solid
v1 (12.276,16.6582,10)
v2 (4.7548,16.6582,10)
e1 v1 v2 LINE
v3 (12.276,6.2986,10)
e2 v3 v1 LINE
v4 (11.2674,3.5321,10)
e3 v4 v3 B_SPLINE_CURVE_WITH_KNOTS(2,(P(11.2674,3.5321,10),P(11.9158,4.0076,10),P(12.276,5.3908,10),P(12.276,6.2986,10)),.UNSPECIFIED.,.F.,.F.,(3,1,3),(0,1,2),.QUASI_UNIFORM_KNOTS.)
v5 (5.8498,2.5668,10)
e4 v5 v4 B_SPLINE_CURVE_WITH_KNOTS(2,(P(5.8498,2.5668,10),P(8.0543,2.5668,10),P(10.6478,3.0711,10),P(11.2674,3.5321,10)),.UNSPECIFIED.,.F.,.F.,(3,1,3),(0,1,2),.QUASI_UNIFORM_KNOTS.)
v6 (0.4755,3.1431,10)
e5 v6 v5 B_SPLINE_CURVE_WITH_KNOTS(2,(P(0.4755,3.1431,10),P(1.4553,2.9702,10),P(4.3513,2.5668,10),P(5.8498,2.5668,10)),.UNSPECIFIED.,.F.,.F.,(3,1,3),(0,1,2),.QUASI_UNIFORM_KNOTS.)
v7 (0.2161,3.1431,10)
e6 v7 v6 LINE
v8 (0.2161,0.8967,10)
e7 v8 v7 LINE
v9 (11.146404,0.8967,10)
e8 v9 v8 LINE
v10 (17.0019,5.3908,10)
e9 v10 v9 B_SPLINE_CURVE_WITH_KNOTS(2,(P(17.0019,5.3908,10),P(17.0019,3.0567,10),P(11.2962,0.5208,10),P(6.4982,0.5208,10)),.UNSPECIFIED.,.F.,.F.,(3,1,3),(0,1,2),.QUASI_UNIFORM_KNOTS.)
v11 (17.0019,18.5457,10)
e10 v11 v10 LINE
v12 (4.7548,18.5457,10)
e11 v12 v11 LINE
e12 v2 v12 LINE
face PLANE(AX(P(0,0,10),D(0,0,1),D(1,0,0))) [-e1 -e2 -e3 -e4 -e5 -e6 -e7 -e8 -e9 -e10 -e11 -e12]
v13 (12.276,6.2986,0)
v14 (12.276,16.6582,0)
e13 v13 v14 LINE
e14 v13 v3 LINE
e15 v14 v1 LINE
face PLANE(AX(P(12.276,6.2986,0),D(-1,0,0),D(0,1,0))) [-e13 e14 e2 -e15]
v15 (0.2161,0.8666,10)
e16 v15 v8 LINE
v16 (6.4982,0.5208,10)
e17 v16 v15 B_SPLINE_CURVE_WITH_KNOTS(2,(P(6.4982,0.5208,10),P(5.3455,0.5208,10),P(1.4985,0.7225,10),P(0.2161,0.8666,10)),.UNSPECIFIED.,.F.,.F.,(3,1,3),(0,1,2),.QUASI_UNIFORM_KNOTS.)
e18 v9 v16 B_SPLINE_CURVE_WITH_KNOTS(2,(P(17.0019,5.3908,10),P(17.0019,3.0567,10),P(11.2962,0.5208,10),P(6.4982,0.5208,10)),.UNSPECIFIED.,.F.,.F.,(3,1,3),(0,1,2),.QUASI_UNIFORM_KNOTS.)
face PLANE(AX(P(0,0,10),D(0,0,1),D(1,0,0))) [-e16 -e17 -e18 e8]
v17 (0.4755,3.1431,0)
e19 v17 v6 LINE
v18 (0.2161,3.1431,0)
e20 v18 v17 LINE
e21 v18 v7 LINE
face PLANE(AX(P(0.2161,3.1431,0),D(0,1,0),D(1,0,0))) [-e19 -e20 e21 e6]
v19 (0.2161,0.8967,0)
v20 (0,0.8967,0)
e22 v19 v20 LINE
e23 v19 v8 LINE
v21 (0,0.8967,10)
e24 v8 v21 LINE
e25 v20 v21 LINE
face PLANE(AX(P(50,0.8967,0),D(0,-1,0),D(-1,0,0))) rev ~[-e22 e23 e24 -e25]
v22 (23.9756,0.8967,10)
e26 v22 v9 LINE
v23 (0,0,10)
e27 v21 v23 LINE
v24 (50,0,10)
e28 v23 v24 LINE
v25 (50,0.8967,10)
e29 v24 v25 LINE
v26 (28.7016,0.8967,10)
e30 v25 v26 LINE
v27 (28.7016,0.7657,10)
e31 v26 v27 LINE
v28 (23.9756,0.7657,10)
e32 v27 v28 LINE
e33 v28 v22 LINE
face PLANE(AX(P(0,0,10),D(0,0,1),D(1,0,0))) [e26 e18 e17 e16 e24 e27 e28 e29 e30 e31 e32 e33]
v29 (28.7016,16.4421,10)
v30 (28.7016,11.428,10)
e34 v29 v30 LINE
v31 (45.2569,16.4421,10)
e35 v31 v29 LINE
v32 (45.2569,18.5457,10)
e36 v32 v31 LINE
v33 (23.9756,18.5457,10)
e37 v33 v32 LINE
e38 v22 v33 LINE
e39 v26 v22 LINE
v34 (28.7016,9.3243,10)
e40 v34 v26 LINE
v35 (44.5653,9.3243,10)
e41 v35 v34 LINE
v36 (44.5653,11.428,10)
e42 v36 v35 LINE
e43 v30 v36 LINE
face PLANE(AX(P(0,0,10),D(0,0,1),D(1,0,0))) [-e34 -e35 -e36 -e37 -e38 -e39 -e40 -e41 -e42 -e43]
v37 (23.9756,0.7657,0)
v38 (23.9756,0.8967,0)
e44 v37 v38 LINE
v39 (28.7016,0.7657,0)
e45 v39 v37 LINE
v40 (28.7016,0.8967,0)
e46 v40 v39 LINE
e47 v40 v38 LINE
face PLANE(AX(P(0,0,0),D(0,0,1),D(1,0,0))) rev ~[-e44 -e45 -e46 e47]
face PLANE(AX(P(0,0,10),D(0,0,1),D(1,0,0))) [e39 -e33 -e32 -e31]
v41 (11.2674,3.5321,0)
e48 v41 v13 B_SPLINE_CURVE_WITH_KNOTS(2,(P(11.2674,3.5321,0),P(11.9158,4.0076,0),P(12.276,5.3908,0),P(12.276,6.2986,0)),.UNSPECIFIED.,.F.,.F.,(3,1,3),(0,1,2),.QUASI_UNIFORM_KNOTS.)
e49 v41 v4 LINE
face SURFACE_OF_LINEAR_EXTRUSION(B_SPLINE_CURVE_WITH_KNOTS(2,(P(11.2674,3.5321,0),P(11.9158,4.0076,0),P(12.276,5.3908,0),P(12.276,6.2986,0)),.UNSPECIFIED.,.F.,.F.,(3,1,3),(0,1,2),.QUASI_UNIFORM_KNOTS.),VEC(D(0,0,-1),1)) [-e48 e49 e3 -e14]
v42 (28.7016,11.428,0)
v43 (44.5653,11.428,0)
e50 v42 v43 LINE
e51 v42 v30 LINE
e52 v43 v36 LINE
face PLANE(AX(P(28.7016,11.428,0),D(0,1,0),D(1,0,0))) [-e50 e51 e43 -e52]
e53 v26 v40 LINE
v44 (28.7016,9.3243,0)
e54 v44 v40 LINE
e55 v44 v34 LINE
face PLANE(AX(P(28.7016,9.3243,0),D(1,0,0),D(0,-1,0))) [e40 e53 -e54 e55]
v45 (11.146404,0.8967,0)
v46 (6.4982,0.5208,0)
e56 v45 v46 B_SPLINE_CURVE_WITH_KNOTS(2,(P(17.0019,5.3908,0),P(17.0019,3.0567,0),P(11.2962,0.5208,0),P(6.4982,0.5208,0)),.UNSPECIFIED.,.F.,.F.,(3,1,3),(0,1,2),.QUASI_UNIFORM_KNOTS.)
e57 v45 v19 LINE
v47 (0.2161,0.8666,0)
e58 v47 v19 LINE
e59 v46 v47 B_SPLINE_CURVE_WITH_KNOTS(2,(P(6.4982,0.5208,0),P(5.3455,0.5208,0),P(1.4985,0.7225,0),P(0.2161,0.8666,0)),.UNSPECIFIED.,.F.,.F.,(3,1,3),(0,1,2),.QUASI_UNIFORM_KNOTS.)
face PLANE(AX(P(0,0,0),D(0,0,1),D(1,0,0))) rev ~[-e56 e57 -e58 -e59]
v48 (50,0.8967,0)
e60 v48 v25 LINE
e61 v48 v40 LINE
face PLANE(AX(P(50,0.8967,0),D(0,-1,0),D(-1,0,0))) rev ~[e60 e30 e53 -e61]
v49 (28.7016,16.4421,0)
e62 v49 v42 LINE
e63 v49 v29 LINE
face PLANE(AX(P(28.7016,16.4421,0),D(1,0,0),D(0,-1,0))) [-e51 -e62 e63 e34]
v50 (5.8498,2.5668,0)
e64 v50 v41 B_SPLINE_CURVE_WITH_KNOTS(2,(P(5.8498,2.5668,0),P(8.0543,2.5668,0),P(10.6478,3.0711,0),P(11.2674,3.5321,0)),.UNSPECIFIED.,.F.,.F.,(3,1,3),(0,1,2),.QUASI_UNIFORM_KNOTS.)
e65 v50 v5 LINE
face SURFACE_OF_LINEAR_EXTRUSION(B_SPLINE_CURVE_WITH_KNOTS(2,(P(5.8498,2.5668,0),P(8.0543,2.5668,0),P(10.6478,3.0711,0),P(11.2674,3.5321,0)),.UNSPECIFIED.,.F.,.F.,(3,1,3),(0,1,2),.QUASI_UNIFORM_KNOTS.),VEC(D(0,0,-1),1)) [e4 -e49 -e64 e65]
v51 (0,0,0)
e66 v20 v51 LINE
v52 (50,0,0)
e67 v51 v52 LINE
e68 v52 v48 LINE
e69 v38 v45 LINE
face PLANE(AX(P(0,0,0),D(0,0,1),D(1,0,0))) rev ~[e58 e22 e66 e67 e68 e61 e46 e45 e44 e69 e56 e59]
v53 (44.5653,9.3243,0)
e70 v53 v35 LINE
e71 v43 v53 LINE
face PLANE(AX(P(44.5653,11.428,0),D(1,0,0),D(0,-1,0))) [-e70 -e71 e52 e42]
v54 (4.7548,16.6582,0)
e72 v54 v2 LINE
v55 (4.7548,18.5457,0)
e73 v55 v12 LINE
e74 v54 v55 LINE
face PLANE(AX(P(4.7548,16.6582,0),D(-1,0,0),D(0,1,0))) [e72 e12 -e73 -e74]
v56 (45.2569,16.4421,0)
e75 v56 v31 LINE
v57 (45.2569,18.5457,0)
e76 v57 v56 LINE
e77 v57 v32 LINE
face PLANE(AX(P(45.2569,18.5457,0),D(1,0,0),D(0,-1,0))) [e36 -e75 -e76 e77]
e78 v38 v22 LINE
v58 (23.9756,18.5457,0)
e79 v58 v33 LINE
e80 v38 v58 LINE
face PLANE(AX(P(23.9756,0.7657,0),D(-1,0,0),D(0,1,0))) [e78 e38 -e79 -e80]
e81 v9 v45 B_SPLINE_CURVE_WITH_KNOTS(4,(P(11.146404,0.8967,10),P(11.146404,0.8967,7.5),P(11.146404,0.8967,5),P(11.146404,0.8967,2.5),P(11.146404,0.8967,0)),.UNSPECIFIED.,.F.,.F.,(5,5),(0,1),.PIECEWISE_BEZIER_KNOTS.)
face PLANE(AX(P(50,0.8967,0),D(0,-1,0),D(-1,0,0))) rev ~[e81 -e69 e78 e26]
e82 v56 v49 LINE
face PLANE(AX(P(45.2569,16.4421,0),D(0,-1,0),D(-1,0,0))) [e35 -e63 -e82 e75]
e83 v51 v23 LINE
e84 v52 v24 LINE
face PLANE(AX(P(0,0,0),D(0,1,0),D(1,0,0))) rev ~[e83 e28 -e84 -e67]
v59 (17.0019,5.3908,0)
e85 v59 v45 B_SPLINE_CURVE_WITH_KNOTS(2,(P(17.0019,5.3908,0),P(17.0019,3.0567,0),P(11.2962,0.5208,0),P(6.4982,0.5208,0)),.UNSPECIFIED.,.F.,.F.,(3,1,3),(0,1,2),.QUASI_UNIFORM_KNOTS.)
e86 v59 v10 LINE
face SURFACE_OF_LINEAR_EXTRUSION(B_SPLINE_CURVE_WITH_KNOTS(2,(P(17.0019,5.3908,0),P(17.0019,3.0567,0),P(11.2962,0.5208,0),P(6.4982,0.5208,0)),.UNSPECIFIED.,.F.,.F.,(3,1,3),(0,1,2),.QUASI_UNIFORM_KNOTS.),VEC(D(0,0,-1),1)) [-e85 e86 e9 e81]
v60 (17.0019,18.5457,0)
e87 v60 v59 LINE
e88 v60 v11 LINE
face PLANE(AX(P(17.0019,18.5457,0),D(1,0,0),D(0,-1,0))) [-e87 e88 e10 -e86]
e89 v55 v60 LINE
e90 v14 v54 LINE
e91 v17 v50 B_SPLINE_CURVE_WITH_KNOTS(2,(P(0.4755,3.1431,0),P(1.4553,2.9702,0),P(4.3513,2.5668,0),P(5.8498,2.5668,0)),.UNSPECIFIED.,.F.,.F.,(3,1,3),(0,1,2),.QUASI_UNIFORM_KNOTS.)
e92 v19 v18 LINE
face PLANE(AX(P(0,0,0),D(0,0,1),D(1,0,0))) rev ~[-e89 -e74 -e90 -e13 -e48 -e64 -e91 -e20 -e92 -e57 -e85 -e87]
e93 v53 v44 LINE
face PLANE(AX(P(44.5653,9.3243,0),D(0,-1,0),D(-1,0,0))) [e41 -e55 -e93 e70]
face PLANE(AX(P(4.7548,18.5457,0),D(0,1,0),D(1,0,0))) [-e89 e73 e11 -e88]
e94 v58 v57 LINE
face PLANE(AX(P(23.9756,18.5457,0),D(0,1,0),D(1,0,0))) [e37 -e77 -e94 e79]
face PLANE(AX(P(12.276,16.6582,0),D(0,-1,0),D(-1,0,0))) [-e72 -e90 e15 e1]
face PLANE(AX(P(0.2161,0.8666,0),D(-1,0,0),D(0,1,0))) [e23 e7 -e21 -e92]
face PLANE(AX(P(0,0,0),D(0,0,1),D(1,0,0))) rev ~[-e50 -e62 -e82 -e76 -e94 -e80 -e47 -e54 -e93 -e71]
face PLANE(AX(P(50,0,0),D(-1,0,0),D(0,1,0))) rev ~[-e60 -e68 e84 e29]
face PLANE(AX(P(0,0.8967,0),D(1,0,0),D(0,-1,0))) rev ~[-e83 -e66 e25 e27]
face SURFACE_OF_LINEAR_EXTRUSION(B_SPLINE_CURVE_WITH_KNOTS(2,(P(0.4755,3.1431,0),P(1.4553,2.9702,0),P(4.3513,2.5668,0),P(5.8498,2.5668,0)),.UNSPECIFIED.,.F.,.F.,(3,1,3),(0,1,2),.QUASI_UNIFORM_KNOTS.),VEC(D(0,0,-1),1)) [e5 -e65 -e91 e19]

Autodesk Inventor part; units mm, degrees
ref_plane "YZ Plane" through (0, 0, 0) normal (1, 0, 0) x (0, 1, 0)
ref_plane "XZ Plane" through (0, 0, 0) normal (0, 1, 0) x (-1, 0, 0)
ref_plane "XY Plane" through (0, 0, 0) normal (0, 0, 1) x (1, 0, 0)
sketch "Sketch1" plane through (0, 0, 0) normal (0, 0, 1) x (1, 0, 0)
  line L0 (0, 0) -> (50, 0) construction
  line L1 (50, 0) -> (50, 20) construction
  line L2 (50, 0.7657) -> (0, 0.7657) construction
  line L3 (0, 20) -> (0, 0) construction
  spline S0 degree 2 poles (17.0019, 5.3908) (17.0019, 3.0567) (11.2962, 0.5208) (6.4982, 0.5208) knots 0 0 0 1 2 2 2
  spline S1 degree 2 poles (6.4982, 0.5208) (5.3455, 0.5208) (1.4985, 0.7225) (0.2161, 0.8666) knots 0 0 0 1 2 2 2
  line L4 (0.2161, 0.8666) -> (0.2161, 3.1431)
  line L5 (0.2161, 3.1431) -> (0.4755, 3.1431)
  spline S2 degree 2 poles (0.4755, 3.1431) (1.4553, 2.9702) (4.3513, 2.5668) (5.8498, 2.5668) knots 0 0 0 1 2 2 2
  spline S3 degree 2 poles (5.8498, 2.5668) (8.0543, 2.5668) (10.6478, 3.0711) (11.2674, 3.5321) knots 0 0 0 1 2 2 2
  spline S4 degree 2 poles (11.2674, 3.5321) (11.9158, 4.0076) (12.276, 5.3908) (12.276, 6.2986) knots 0 0 0 1 2 2 2
  line L6 (12.276, 6.2986) -> (12.276, 16.6582)
  line L7 (12.276, 16.6582) -> (4.7548, 16.6582)
  line L8 (4.7548, 16.6582) -> (4.7548, 18.5457)
  line L9 (4.7548, 18.5457) -> (17.0019, 18.5457)
  line L10 (17.0019, 18.5457) -> (17.0019, 5.3908)
  line L11 (45.2569, 16.4421) -> (28.7016, 16.4421)
  line L12 (28.7016, 16.4421) -> (28.7016, 11.428)
  line L13 (28.7016, 11.428) -> (44.5653, 11.428)
  line L14 (44.5653, 11.428) -> (44.5653, 9.3243)
  line L15 (44.5653, 9.3243) -> (28.7016, 9.3243)
  line L16 (28.7016, 9.3243) -> (28.7016, 0.7657)
  line L17 (28.7016, 0.7657) -> (23.9756, 0.7657)
  line L18 (23.9756, 0.7657) -> (23.9756, 18.5457)
  line L19 (23.9756, 18.5457) -> (45.2569, 18.5457)
  line L20 (45.2569, 18.5457) -> (45.2569, 16.4421)
  dimension "d0" = 50
  dimension "d1" = 20
extrude "Extrusion1" add sketch "Sketch1" along normal blind 10
sketch "Sketch2" plane through (0, 0, 0) normal (1, 0, 0) x (0, 1, 0)
  point P0 (0, 0)
sketch "Sketch3" plane through (0, 0, 0) normal (0, 0, 1) x (1, 0, 0)
  line L0 (0, 0) -> (50, 0)
  line L1 (50, 0) -> (50, 0.8967)
  line L2 (50, 0.8967) -> (0, 0.8967)
  line L3 (0, 0.8967) -> (0, 0)
  dimension "d4" = 50
extrude "Extrusion2" add sketch "Sketch3" along normal blind 10
properties part number "jf_inits"
